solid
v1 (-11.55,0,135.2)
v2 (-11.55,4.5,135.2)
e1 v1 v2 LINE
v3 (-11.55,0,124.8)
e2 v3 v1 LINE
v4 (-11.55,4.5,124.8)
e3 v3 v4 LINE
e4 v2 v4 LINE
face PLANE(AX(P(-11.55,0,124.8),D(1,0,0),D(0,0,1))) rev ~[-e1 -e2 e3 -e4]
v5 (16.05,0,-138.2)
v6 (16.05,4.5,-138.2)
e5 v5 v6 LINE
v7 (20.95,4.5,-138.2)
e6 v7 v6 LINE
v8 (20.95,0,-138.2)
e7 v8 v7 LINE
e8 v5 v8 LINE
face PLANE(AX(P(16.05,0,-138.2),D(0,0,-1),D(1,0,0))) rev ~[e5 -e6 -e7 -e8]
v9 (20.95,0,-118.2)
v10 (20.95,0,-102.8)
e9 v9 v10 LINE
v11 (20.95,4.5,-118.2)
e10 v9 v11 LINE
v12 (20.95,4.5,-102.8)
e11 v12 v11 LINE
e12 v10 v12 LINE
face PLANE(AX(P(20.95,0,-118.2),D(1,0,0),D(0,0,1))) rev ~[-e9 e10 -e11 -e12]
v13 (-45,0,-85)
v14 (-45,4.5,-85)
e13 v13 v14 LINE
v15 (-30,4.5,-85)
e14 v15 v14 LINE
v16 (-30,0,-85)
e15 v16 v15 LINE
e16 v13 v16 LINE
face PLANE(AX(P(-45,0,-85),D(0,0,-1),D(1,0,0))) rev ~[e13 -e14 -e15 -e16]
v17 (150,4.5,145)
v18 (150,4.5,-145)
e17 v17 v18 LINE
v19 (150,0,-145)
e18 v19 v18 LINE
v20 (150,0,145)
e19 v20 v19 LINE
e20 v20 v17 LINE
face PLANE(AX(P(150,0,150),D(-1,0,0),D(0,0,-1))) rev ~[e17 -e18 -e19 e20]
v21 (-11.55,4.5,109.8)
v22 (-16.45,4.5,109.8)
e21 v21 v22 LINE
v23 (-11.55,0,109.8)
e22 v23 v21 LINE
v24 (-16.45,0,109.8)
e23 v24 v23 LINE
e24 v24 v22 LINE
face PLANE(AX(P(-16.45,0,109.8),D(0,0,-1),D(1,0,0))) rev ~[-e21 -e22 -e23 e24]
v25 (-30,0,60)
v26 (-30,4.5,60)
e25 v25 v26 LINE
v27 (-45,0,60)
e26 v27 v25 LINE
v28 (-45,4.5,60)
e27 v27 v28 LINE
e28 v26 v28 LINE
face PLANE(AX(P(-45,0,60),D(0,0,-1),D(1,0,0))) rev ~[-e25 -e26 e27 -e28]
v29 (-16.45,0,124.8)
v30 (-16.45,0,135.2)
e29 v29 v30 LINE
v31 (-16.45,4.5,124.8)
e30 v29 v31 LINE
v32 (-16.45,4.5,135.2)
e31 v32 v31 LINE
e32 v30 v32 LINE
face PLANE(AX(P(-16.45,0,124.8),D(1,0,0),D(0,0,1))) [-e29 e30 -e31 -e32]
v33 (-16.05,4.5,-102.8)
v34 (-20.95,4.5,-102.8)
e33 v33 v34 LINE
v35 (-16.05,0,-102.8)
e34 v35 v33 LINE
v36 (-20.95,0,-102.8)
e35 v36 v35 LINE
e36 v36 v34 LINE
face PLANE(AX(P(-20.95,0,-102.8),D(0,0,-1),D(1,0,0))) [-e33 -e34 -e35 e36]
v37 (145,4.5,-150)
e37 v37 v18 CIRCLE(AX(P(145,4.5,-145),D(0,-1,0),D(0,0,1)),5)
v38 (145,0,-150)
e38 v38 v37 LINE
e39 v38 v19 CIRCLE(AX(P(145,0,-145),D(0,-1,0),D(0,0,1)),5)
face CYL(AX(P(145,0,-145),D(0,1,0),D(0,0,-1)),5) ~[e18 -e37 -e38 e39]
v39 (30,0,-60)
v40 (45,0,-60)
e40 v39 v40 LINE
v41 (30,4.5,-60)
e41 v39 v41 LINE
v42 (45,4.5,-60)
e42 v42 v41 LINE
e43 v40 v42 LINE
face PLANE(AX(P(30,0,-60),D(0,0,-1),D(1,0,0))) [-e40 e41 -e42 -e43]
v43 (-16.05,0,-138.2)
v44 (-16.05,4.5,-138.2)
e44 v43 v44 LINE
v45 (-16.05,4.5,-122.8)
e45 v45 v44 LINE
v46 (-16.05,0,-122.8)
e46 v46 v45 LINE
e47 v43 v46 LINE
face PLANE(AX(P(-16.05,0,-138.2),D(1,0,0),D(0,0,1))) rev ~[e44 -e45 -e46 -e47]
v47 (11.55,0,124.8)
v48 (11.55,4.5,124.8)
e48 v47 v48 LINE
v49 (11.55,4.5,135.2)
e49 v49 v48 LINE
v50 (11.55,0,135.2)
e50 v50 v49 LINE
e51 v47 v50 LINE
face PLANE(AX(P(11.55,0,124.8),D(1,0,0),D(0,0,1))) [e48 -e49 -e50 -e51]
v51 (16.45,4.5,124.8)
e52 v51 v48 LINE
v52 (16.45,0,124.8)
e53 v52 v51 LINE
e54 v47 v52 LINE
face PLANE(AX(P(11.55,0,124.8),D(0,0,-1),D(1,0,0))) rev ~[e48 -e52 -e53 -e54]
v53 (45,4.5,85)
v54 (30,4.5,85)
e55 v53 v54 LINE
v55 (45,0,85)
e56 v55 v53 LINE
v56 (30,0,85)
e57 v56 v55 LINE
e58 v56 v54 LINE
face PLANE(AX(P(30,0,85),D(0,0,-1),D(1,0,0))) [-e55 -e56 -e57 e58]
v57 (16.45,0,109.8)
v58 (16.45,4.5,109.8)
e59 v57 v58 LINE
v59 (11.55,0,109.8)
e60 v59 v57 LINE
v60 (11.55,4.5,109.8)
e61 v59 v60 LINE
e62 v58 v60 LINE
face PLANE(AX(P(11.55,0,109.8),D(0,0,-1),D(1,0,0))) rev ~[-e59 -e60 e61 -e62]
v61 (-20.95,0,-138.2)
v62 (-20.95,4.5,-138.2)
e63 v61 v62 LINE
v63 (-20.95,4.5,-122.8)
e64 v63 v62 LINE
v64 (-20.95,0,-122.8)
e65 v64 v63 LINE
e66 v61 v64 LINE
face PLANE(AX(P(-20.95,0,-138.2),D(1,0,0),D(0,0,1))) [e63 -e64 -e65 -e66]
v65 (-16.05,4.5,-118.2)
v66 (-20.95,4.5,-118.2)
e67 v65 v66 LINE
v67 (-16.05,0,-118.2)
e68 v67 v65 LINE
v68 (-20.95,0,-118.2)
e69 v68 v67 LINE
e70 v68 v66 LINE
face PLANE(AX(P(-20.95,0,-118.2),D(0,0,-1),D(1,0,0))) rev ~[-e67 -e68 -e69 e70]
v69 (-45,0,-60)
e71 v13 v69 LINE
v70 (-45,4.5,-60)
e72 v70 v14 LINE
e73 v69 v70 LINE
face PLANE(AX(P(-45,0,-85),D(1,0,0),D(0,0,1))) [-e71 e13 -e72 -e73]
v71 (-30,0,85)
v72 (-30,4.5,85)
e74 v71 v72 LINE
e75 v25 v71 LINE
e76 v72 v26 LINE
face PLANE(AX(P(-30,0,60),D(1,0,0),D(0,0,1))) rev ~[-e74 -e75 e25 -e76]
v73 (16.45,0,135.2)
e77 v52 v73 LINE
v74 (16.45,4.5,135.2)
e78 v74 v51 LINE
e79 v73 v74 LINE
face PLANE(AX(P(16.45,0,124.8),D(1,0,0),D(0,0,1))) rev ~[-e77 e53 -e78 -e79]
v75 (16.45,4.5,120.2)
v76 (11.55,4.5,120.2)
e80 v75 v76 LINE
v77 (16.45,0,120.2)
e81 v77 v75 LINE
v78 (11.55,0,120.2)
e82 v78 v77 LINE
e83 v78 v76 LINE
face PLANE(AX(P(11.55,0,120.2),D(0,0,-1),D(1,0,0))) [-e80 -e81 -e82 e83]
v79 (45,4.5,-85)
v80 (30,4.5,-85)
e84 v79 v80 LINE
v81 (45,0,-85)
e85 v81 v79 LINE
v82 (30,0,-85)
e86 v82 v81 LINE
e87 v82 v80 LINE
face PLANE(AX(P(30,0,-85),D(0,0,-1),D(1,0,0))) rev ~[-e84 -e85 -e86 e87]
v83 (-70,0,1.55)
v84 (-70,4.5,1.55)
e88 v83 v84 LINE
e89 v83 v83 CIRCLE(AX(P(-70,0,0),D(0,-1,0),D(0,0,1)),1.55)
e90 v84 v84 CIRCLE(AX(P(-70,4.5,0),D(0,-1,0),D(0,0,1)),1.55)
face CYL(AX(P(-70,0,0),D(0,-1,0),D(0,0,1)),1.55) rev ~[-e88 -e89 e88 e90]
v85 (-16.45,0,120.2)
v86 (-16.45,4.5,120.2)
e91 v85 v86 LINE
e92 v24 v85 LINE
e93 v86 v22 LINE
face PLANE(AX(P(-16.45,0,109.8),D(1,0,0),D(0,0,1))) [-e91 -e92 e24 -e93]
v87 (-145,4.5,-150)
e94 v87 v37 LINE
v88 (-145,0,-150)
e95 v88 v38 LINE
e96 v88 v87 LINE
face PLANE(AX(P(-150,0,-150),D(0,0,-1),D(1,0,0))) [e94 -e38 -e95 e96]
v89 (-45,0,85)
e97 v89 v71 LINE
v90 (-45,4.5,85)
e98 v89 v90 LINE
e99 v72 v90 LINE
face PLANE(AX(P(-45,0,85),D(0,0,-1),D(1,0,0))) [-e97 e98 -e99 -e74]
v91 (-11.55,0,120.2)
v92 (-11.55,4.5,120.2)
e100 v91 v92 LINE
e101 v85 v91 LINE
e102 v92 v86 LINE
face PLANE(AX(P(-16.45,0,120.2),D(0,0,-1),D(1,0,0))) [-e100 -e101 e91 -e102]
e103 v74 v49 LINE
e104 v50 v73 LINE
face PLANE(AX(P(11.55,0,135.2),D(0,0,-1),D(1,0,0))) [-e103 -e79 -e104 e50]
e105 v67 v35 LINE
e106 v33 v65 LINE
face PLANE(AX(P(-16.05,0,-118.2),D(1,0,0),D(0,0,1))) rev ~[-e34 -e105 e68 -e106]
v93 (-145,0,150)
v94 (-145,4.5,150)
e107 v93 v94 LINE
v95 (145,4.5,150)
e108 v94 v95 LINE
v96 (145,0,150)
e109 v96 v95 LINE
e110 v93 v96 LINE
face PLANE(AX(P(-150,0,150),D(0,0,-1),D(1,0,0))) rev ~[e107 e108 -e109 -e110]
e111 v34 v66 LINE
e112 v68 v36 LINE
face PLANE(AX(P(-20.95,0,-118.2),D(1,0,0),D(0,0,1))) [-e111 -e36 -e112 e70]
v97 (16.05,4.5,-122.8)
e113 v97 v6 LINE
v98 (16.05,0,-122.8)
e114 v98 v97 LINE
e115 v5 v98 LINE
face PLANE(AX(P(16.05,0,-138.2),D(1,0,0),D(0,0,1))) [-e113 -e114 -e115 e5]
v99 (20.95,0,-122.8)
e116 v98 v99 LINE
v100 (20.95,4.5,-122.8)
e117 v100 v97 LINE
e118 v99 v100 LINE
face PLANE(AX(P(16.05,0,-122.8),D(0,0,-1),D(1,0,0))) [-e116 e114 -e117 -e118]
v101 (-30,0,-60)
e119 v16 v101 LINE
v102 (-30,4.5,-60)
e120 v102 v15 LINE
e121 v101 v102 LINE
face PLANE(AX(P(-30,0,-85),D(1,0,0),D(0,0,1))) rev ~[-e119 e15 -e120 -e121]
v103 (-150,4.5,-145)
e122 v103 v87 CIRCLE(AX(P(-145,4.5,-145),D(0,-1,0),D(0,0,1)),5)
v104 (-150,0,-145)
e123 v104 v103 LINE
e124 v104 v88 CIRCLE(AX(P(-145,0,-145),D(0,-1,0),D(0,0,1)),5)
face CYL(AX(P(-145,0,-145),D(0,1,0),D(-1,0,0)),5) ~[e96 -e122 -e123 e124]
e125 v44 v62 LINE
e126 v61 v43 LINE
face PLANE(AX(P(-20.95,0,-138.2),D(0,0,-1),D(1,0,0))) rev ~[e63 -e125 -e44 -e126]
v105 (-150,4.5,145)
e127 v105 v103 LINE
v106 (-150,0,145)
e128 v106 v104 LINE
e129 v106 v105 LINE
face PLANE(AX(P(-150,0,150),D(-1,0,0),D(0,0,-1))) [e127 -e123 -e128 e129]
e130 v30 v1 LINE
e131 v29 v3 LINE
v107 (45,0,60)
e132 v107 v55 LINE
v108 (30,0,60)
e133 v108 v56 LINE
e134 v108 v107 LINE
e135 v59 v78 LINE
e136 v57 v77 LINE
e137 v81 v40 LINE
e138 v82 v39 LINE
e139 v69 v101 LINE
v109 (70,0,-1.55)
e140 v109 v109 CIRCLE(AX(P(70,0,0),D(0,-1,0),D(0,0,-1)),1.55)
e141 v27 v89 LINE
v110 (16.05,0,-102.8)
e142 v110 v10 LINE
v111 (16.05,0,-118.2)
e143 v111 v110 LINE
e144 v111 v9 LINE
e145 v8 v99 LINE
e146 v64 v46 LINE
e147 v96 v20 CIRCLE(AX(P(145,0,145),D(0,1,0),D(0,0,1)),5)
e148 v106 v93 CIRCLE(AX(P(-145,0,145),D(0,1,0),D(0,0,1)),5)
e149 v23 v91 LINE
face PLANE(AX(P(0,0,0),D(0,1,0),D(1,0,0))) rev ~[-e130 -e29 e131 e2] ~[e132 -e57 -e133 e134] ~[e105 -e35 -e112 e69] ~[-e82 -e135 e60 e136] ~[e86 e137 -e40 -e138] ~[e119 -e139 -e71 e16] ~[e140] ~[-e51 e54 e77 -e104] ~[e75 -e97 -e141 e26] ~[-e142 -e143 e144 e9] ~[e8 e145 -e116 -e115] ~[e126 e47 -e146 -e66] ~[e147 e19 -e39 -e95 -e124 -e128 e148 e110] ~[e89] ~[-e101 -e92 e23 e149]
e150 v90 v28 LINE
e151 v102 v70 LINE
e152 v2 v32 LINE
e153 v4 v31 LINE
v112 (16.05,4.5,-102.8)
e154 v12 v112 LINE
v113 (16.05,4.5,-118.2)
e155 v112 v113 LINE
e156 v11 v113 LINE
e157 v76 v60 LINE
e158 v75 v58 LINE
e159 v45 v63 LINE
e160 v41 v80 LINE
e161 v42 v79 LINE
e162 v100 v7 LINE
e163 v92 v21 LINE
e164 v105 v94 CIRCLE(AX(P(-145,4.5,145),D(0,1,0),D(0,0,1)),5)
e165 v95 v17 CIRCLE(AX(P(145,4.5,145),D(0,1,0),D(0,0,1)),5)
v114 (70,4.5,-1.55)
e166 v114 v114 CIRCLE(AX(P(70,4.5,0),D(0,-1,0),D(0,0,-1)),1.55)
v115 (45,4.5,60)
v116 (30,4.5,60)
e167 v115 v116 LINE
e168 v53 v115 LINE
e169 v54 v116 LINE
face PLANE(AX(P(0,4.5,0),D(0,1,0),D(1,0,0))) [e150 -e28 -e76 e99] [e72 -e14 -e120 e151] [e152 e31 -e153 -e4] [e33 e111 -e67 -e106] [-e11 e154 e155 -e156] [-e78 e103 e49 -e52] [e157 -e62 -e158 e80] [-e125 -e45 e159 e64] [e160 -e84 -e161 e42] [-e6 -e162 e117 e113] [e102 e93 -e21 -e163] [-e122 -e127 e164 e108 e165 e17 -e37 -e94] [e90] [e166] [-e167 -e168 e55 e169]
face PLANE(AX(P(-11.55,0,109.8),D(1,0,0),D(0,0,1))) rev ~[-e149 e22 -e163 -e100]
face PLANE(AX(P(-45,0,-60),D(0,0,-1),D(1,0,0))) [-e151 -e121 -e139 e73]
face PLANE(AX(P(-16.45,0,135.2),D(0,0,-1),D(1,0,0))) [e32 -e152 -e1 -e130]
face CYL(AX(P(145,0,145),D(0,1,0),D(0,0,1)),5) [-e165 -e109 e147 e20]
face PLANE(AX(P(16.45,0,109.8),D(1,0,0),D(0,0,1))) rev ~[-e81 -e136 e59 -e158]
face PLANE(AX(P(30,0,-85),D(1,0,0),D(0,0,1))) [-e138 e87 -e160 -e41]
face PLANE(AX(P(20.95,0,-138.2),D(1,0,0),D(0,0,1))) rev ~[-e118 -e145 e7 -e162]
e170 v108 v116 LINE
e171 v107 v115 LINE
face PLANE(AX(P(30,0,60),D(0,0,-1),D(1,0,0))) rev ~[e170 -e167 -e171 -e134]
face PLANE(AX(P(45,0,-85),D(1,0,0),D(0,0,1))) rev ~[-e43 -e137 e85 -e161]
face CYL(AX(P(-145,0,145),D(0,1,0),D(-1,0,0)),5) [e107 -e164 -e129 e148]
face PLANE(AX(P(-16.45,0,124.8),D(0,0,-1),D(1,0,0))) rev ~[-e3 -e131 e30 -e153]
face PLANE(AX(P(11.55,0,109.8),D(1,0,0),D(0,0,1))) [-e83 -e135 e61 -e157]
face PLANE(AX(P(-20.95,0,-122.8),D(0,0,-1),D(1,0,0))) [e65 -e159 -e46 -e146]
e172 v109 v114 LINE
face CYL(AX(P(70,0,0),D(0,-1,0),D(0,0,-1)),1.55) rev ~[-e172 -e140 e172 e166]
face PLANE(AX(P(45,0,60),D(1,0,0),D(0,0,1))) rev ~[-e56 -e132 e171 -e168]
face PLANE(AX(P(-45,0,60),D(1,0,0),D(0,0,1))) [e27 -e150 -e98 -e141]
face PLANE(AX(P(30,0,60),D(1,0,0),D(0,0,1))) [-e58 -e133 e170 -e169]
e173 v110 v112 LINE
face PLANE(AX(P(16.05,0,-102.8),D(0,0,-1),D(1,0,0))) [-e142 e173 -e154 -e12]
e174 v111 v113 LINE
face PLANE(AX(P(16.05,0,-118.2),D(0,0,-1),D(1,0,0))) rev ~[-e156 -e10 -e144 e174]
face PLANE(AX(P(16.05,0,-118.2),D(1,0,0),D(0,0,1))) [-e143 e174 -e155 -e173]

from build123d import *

# Parameters (mm, degrees)
SKETCH1_W           = 300
SKETCH1_H           = 300
BOSS_EXTRUDE1_DEPTH = 4.5
SKETCH3_W           = 4.9
SKETCH3_H           = 15.4
CUT_EXTRUDE1_DEPTH  = 213.179758695
SKETCH6_W           = 15
SKETCH6_H           = 25
CUT_EXTRUDE2_DEPTH  = 213.179758695
SKETCH7_W           = 4.9
SKETCH7_H           = 10.4
CUT_EXTRUDE3_DEPTH  = 213.179758695
SKETCH8_R           = 1.55
CUT_EXTRUDE4_DEPTH  = 213.179758695
FILLET1_R           = 5


with BuildPart() as part:
    # Sketch1 → Boss-Extrude1 (new body)
    with BuildSketch(Plane(origin=(0, 0, 0), x_dir=(1, 0, 0), z_dir=(0, 1, 0))):
        Rectangle(SKETCH1_W, SKETCH1_H)
    extrude(amount=BOSS_EXTRUDE1_DEPTH)

    # Sketch3 → Cut-Extrude1 (cut, through all)
    with BuildSketch(Plane.XZ):
        with Locations((18.5, -130.5)):
            Rectangle(SKETCH3_W, SKETCH3_H)
        with Locations((18.5, -110.5)):
            Rectangle(SKETCH3_W, SKETCH3_H)
        with Locations((-18.5, -110.5)):
            Rectangle(SKETCH3_W, SKETCH3_H)
        with Locations((-18.5, -130.5)):
            Rectangle(SKETCH3_W, SKETCH3_H)
    extrude(amount=-CUT_EXTRUDE1_DEPTH, mode=Mode.SUBTRACT)

    # Sketch6 → Cut-Extrude2 (cut, through all)
    with BuildSketch(Plane.XZ):
        with Locations((37.5, -72.5)):
            Rectangle(SKETCH6_W, SKETCH6_H)
        with Locations((37.5, 72.5)):
            Rectangle(SKETCH6_W, SKETCH6_H)
        with Locations((-37.5, 72.5)):
            Rectangle(SKETCH6_W, SKETCH6_H)
        with Locations((-37.5, -72.5)):
            Rectangle(SKETCH6_W, SKETCH6_H)
    extrude(amount=-CUT_EXTRUDE2_DEPTH, mode=Mode.SUBTRACT)

    # Sketch7 → Cut-Extrude3 (cut, through all)
    with BuildSketch(Plane.XZ):
        with Locations((14, 130)):
            Rectangle(SKETCH7_W, SKETCH7_H)
        with Locations((-14, 130)):
            Rectangle(SKETCH7_W, SKETCH7_H)
        with Locations((-14, 115)):
            Rectangle(SKETCH7_W, SKETCH7_H)
        with Locations((14, 115)):
            Rectangle(SKETCH7_W, SKETCH7_H)
    extrude(amount=-CUT_EXTRUDE3_DEPTH, mode=Mode.SUBTRACT)

    # Sketch8 → Cut-Extrude4 (cut, through all)
    with BuildSketch(Plane.XZ):
        with Locations(Location((70, 0, 0), (0, 0, 270))):
            Circle(SKETCH8_R)
        with Locations(Location((-70, 0, 0), (0, 0, 90))):
            Circle(SKETCH8_R)
    extrude(amount=-CUT_EXTRUDE4_DEPTH, mode=Mode.SUBTRACT)

    # Fillet1
    fillet1_edges = [part.edges().sort_by_distance(p)[0] for p in [
        (150, 2.25, 150),
        (-150, 2.25, 150),
        (-150, 2.25, -150),
        (150, 2.25, -150),
    ]]
    fillet(fillet1_edges, radius=FILLET1_R)


solid = part.part
